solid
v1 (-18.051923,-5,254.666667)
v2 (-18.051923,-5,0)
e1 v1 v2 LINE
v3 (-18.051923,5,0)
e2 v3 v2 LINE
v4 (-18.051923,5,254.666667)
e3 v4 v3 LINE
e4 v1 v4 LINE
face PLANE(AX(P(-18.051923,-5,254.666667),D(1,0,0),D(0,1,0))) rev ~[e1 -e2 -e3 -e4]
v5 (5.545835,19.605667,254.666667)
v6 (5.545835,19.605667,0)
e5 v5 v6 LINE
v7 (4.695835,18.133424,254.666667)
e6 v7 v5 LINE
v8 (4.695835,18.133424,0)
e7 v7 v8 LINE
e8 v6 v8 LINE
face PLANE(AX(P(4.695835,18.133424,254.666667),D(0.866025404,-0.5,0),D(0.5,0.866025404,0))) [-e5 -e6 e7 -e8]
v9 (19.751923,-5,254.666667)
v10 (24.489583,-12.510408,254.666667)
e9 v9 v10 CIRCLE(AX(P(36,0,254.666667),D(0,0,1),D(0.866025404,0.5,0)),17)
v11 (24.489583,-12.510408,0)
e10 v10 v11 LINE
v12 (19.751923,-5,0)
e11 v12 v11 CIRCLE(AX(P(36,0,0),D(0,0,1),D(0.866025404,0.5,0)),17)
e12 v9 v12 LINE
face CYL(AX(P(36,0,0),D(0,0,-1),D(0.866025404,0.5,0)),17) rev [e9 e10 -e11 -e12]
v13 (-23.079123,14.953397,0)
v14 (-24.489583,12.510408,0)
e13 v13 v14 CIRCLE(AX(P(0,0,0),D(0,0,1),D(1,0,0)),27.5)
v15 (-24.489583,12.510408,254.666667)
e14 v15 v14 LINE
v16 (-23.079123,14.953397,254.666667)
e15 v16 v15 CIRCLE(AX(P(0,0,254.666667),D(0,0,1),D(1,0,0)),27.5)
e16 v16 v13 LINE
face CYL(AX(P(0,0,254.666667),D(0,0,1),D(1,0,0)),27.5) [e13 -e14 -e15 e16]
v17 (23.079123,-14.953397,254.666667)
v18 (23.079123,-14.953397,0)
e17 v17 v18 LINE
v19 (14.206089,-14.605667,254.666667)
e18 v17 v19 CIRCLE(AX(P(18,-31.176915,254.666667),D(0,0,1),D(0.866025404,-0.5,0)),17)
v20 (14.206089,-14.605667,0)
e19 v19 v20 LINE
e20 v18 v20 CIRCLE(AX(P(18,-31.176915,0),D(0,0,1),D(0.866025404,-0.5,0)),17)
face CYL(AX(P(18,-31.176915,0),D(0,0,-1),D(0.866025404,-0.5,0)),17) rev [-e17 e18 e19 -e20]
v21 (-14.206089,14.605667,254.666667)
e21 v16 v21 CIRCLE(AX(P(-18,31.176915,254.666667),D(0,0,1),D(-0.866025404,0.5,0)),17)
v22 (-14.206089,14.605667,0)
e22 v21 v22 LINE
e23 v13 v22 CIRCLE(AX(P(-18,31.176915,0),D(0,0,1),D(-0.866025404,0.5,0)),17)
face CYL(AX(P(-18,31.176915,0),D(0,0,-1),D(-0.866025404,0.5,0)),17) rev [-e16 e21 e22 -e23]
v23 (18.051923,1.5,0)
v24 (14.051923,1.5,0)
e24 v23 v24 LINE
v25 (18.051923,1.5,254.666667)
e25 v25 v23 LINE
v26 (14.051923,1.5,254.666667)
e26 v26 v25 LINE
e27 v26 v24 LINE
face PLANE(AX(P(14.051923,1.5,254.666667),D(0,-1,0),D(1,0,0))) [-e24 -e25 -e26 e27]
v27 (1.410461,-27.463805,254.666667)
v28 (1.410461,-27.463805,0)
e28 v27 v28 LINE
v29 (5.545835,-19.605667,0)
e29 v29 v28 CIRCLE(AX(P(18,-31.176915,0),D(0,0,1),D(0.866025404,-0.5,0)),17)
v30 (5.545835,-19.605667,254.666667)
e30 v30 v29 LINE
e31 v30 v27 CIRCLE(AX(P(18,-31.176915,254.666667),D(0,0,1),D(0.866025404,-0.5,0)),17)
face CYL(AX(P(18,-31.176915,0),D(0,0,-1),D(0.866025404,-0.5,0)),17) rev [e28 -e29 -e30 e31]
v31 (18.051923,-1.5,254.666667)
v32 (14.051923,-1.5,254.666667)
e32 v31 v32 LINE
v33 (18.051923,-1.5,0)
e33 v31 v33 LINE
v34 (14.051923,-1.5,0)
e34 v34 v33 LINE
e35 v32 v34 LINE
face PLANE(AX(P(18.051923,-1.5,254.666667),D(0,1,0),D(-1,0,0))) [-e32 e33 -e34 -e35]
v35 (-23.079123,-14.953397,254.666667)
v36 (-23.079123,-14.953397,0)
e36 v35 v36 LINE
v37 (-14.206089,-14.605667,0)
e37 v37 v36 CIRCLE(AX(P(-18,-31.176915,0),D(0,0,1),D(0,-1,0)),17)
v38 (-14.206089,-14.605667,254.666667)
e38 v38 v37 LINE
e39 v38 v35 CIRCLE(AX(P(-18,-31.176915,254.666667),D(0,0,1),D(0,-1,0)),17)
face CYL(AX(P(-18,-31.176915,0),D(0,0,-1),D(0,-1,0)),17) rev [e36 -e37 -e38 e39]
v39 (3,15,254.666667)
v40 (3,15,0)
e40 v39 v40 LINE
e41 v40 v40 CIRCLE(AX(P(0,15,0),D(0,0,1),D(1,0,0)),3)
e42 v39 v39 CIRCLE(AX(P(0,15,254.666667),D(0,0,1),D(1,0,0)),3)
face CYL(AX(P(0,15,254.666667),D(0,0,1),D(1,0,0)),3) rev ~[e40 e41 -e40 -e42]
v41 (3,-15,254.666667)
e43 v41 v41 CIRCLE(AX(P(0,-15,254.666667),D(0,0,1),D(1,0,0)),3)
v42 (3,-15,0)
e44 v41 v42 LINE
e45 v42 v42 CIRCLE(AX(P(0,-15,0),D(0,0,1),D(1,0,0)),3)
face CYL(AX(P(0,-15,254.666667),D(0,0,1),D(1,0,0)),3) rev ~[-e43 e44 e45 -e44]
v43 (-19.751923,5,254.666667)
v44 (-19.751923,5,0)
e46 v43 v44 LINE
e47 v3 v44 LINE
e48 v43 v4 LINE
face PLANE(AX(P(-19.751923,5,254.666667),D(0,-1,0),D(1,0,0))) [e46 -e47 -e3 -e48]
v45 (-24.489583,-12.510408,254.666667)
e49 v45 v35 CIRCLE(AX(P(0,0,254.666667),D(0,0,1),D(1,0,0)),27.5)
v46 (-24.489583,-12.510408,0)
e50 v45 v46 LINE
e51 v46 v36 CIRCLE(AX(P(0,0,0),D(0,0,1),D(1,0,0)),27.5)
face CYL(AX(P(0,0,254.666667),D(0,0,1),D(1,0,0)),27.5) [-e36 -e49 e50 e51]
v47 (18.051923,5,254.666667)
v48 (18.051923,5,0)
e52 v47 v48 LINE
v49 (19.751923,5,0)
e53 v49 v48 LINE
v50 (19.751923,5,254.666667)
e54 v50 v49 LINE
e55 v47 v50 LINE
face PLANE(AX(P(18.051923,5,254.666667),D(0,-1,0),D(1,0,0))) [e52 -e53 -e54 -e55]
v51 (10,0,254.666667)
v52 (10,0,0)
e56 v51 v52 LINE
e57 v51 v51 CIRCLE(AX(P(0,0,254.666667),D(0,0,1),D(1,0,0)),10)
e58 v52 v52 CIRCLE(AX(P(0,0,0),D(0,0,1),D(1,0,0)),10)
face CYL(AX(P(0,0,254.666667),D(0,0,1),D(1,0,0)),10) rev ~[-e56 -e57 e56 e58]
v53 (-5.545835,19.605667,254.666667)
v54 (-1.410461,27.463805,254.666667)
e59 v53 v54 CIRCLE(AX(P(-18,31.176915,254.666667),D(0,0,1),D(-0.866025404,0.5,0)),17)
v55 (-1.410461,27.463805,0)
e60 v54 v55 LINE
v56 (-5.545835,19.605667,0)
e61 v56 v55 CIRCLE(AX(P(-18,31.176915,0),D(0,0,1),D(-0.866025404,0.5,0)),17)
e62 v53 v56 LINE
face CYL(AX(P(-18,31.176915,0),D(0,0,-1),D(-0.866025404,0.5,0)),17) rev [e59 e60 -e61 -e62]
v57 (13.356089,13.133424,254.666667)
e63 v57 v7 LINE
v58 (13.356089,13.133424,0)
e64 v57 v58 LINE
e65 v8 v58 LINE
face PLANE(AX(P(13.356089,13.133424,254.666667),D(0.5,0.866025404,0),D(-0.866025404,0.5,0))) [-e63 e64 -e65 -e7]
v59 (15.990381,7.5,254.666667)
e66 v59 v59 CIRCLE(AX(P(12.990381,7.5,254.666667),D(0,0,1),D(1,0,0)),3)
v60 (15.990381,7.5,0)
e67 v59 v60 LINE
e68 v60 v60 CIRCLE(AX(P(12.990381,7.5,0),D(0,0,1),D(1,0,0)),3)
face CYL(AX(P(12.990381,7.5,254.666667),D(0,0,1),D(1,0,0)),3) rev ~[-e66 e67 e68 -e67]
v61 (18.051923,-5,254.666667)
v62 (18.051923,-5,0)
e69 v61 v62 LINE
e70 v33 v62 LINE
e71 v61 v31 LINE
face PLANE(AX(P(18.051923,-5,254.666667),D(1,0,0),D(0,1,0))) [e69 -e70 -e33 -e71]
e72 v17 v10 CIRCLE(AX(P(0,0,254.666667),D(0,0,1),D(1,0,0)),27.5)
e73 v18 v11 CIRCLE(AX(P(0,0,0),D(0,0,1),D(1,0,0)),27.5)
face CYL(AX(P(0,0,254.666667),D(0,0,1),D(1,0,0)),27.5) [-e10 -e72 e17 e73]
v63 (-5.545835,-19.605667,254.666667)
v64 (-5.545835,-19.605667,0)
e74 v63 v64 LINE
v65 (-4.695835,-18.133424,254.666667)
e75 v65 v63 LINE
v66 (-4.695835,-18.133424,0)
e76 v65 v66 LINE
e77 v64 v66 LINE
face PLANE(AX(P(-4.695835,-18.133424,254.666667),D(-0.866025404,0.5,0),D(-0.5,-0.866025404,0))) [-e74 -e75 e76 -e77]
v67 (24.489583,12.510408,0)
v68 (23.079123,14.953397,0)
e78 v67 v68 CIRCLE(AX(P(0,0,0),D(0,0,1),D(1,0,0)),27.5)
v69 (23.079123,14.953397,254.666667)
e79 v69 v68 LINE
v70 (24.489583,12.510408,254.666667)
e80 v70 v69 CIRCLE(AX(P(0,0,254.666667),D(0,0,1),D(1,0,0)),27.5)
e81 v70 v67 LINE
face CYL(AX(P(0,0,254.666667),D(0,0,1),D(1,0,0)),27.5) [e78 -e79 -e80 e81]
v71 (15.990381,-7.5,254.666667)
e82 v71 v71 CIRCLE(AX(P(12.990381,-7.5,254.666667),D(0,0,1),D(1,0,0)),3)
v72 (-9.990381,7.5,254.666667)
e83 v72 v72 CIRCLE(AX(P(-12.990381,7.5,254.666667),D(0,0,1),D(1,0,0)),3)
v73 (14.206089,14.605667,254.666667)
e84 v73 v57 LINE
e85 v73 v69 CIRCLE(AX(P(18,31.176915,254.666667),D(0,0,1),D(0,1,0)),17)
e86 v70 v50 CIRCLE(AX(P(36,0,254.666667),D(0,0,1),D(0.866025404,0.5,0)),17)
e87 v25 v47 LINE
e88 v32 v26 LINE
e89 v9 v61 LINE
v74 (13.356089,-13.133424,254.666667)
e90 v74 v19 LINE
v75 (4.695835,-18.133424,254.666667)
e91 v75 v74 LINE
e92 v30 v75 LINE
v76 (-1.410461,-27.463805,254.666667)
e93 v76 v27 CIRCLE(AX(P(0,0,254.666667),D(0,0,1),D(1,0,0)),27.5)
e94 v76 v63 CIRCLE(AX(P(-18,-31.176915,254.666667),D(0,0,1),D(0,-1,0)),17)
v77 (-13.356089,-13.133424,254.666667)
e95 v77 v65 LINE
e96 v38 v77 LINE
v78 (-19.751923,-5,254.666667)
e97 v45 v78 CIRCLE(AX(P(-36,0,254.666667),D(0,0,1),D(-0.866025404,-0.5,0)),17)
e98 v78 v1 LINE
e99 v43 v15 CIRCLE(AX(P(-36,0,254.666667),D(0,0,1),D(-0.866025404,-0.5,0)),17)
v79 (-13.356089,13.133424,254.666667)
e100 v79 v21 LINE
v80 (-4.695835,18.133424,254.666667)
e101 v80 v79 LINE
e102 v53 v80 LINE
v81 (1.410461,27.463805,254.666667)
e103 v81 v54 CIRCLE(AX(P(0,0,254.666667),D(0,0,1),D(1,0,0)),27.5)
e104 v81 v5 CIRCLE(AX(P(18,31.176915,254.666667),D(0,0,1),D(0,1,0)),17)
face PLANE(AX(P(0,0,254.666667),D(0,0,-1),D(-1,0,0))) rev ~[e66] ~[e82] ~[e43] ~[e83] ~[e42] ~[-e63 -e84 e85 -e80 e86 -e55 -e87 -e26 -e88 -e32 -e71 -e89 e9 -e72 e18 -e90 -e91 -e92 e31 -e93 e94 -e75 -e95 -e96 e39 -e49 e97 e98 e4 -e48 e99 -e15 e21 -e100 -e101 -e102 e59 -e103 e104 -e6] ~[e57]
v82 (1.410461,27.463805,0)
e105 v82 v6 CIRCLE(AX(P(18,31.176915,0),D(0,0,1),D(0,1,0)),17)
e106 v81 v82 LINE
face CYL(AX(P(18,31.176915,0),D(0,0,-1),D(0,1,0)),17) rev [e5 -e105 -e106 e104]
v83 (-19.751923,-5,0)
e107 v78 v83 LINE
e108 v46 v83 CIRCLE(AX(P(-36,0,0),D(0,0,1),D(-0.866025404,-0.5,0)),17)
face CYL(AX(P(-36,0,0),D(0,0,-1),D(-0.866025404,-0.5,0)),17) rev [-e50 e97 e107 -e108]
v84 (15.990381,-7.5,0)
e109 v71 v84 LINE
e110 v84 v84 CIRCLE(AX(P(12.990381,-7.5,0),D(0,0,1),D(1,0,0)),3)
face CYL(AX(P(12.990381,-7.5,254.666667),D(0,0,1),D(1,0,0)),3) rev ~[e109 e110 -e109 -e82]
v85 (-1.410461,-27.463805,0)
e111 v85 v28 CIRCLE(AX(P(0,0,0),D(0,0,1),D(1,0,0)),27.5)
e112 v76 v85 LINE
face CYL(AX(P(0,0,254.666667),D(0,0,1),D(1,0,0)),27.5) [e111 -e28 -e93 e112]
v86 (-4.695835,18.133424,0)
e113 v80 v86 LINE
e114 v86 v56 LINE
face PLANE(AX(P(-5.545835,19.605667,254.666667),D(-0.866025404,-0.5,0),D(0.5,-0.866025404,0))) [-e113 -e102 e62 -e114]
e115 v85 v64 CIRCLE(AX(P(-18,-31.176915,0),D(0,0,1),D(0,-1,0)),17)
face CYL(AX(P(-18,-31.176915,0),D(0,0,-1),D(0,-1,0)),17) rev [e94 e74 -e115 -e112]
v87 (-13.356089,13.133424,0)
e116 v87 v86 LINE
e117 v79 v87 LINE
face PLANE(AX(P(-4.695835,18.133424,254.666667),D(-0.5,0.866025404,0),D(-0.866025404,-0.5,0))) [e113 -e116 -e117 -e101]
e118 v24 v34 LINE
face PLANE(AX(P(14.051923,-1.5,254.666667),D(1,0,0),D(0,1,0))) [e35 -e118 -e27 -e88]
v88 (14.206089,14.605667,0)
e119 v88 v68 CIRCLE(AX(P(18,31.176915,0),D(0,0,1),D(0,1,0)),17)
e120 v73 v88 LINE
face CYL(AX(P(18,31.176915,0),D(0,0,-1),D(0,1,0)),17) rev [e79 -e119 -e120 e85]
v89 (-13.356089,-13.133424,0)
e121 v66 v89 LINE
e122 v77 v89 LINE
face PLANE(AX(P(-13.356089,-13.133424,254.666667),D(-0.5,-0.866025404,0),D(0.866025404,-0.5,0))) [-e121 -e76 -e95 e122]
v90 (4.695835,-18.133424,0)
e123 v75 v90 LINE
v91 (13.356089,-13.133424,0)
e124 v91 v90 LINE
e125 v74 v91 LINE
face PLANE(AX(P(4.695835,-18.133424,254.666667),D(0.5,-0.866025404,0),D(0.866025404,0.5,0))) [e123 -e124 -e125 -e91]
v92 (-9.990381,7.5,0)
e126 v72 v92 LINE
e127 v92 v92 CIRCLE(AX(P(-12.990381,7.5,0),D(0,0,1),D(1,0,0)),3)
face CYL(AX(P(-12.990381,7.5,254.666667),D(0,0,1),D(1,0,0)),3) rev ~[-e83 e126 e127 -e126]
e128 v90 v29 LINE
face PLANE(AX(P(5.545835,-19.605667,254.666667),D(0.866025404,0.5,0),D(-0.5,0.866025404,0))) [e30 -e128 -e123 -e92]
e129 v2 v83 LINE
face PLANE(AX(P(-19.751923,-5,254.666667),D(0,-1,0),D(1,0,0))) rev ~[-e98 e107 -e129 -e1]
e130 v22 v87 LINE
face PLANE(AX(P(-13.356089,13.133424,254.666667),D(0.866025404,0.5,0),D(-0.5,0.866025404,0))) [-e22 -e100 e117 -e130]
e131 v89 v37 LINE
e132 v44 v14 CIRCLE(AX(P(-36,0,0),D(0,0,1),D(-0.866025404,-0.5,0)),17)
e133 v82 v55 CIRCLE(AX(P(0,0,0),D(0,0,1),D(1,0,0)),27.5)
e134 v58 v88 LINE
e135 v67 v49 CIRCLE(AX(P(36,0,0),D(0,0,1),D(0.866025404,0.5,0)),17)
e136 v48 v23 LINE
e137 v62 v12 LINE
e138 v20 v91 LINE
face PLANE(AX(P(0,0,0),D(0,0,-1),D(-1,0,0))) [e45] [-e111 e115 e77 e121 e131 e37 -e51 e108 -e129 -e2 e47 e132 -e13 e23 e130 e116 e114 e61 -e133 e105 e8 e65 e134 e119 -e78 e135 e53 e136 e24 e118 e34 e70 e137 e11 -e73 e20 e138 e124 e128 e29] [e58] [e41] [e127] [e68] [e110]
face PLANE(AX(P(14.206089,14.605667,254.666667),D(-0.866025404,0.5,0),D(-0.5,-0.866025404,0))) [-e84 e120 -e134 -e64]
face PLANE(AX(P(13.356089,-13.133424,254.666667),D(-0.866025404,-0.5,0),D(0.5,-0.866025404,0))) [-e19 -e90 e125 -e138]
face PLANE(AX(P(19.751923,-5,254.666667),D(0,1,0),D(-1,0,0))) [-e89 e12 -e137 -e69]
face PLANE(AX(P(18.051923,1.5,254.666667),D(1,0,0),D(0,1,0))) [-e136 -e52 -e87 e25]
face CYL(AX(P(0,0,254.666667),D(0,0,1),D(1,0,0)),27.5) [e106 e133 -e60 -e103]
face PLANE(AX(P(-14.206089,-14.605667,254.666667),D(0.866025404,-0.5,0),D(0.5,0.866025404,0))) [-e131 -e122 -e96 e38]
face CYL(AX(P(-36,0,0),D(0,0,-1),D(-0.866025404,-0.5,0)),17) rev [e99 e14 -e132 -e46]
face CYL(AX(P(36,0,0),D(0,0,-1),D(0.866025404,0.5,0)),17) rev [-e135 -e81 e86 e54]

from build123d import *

# Parameters (mm, degrees)
BOSS_EXTRU_1_DEPTH      = 254.666666667
ESQUISSE4_R             = 54.250129783
ESQUISSE4_R_2           = 27.5
ENL_V_MAT_EXTRU_1_DEPTH = 266.174026394
ESQUISSE5_R             = 10
ESQUISSE5_R_2           = 3
ESQUISSE5_W             = 1.7
ESQUISSE5_H             = 10
ENL_V_MAT_EXTRU_2_DEPTH = 258.315177949


with BuildPart() as part:
    # Esquisse1 → Boss.-Extru.1 (new body)
    with BuildSketch(Plane.XY):
        with BuildLine():
            Line((-18, -51.176914536), (-18, -48.176914536))
            ThreePointArc((-18, -48.176914536), (-9.5, -16.454482672), (-32.722431864, -39.676914536))
            Line((-32.722431864, -39.676914536), (-35.320508076, -41.176914536))
            ThreePointArc((-35.320508076, -41.176914536), (-37.98683472, -30.451354144), (-34.549834435, -19.947356212))
            ThreePointArc((-34.549834435, -19.947356212), (-45.365063628, -17.671886805), (-53.320508076, -10))
            Line((-53.320508076, -10), (-50.722431864, -8.5))
            ThreePointArc((-50.722431864, -8.5), (-19, 0), (-50.722431864, 8.5))
            Line((-50.722431864, 8.5), (-53.320508076, 10))
            ThreePointArc((-53.320508076, 10), (-45.365063628, 17.671886805), (-34.549834435, 19.947356212))
            ThreePointArc((-34.549834435, 19.947356212), (-37.98683472, 30.451354144), (-35.320508076, 41.176914536))
            Line((-35.320508076, 41.176914536), (-32.722431864, 39.676914536))
            ThreePointArc((-32.722431864, 39.676914536), (-9.5, 16.454482672), (-18, 48.176914536))
            Line((-18, 48.176914536), (-18, 51.176914536))
            ThreePointArc((-18, 51.176914536), (-7.378228908, 48.123240948), (0, 39.894712423))
            ThreePointArc((0, 39.894712423), (7.378228908, 48.123240948), (18, 51.176914536))
            Line((18, 51.176914536), (18, 48.176914536))
            ThreePointArc((18, 48.176914536), (9.5, 16.454482672), (32.722431864, 39.676914536))
            Line((32.722431864, 39.676914536), (35.320508076, 41.176914536))
            ThreePointArc((35.320508076, 41.176914536), (37.98683472, 30.451354144), (34.549834435, 19.947356212))
            ThreePointArc((34.549834435, 19.947356212), (45.365063628, 17.671886805), (53.320508076, 10))
            Line((53.320508076, 10), (50.722431864, 8.5))
            ThreePointArc((50.722431864, 8.5), (19, 0), (50.722431864, -8.5))
            Line((50.722431864, -8.5), (53.320508076, -10))
            ThreePointArc((53.320508076, -10), (45.365063628, -17.671886805), (34.549834435, -19.947356212))
            ThreePointArc((34.549834435, -19.947356212), (37.98683472, -30.451354144), (35.320508076, -41.176914536))
            Line((35.320508076, -41.176914536), (32.722431864, -39.676914536))
            ThreePointArc((32.722431864, -39.676914536), (9.5, -16.454482672), (18, -48.176914536))
            Line((18, -48.176914536), (18, -51.176914536))
            ThreePointArc((18, -51.176914536), (7.378228908, -48.123240948), (0, -39.894712423))
            ThreePointArc((0, -39.894712423), (-7.378228908, -48.123240948), (-18, -51.176914536))
        make_face()
    extrude(amount=BOSS_EXTRU_1_DEPTH)

    # Esquisse4 → Enlèv. mat.-Extru.1 (cut, through all)
    with BuildSketch(Plane.XY.offset(254.666666667)):
        Circle(ESQUISSE4_R)
        Circle(ESQUISSE4_R_2, mode=Mode.SUBTRACT)
    extrude(amount=-ENL_V_MAT_EXTRU_1_DEPTH, mode=Mode.SUBTRACT)

    # Esquisse5 → Enlèv. mat.-Extru.2 (cut, through all)
    with BuildSketch(Plane.XY.offset(254.666666667)):
        Circle(ESQUISSE5_R)
        with Locations((0, 15)):
            Circle(ESQUISSE5_R_2)
        with Locations((12.990381057, 7.5)):
            Circle(ESQUISSE5_R_2)
        with Locations((12.990381057, -7.5)):
            Circle(ESQUISSE5_R_2)
        with Locations((0, -15)):
            Circle(ESQUISSE5_R_2)
        with Locations((-12.990381057, 7.5)):
            Circle(ESQUISSE5_R_2)
        Polygon((14.206088614, -14.605667257), (5.545834576, -19.605667257), (4.695834576, -18.13342407), (13.356088614, -13.13342407), align=None)
        Polygon((18.051923191, 5), (19.751923191, 5), (19.751923191, -5), (18.051923191, -5), (18.051923191, -1.5), (14.051923191, -1.5), (14.051923191, 1.5), (18.051923191, 1.5), align=None)
        Polygon((-5.545834576, -19.605667257), (-14.206088614, -14.605667257), (-13.356088614, -13.13342407), (-4.695834576, -18.13342407), align=None)
        with Locations((-18.901923191, 0)):
            Rectangle(ESQUISSE5_W, ESQUISSE5_H)
        Polygon((-14.206088614, 14.605667257), (-5.545834576, 19.605667257), (-4.695834576, 18.13342407), (-13.356088614, 13.13342407), align=None)
        Polygon((5.545834576, 19.605667257), (14.206088614, 14.605667257), (13.356088614, 13.13342407), (4.695834576, 18.13342407), align=None)
    extrude(amount=-ENL_V_MAT_EXTRU_2_DEPTH, mode=Mode.SUBTRACT)


solid = part.part
